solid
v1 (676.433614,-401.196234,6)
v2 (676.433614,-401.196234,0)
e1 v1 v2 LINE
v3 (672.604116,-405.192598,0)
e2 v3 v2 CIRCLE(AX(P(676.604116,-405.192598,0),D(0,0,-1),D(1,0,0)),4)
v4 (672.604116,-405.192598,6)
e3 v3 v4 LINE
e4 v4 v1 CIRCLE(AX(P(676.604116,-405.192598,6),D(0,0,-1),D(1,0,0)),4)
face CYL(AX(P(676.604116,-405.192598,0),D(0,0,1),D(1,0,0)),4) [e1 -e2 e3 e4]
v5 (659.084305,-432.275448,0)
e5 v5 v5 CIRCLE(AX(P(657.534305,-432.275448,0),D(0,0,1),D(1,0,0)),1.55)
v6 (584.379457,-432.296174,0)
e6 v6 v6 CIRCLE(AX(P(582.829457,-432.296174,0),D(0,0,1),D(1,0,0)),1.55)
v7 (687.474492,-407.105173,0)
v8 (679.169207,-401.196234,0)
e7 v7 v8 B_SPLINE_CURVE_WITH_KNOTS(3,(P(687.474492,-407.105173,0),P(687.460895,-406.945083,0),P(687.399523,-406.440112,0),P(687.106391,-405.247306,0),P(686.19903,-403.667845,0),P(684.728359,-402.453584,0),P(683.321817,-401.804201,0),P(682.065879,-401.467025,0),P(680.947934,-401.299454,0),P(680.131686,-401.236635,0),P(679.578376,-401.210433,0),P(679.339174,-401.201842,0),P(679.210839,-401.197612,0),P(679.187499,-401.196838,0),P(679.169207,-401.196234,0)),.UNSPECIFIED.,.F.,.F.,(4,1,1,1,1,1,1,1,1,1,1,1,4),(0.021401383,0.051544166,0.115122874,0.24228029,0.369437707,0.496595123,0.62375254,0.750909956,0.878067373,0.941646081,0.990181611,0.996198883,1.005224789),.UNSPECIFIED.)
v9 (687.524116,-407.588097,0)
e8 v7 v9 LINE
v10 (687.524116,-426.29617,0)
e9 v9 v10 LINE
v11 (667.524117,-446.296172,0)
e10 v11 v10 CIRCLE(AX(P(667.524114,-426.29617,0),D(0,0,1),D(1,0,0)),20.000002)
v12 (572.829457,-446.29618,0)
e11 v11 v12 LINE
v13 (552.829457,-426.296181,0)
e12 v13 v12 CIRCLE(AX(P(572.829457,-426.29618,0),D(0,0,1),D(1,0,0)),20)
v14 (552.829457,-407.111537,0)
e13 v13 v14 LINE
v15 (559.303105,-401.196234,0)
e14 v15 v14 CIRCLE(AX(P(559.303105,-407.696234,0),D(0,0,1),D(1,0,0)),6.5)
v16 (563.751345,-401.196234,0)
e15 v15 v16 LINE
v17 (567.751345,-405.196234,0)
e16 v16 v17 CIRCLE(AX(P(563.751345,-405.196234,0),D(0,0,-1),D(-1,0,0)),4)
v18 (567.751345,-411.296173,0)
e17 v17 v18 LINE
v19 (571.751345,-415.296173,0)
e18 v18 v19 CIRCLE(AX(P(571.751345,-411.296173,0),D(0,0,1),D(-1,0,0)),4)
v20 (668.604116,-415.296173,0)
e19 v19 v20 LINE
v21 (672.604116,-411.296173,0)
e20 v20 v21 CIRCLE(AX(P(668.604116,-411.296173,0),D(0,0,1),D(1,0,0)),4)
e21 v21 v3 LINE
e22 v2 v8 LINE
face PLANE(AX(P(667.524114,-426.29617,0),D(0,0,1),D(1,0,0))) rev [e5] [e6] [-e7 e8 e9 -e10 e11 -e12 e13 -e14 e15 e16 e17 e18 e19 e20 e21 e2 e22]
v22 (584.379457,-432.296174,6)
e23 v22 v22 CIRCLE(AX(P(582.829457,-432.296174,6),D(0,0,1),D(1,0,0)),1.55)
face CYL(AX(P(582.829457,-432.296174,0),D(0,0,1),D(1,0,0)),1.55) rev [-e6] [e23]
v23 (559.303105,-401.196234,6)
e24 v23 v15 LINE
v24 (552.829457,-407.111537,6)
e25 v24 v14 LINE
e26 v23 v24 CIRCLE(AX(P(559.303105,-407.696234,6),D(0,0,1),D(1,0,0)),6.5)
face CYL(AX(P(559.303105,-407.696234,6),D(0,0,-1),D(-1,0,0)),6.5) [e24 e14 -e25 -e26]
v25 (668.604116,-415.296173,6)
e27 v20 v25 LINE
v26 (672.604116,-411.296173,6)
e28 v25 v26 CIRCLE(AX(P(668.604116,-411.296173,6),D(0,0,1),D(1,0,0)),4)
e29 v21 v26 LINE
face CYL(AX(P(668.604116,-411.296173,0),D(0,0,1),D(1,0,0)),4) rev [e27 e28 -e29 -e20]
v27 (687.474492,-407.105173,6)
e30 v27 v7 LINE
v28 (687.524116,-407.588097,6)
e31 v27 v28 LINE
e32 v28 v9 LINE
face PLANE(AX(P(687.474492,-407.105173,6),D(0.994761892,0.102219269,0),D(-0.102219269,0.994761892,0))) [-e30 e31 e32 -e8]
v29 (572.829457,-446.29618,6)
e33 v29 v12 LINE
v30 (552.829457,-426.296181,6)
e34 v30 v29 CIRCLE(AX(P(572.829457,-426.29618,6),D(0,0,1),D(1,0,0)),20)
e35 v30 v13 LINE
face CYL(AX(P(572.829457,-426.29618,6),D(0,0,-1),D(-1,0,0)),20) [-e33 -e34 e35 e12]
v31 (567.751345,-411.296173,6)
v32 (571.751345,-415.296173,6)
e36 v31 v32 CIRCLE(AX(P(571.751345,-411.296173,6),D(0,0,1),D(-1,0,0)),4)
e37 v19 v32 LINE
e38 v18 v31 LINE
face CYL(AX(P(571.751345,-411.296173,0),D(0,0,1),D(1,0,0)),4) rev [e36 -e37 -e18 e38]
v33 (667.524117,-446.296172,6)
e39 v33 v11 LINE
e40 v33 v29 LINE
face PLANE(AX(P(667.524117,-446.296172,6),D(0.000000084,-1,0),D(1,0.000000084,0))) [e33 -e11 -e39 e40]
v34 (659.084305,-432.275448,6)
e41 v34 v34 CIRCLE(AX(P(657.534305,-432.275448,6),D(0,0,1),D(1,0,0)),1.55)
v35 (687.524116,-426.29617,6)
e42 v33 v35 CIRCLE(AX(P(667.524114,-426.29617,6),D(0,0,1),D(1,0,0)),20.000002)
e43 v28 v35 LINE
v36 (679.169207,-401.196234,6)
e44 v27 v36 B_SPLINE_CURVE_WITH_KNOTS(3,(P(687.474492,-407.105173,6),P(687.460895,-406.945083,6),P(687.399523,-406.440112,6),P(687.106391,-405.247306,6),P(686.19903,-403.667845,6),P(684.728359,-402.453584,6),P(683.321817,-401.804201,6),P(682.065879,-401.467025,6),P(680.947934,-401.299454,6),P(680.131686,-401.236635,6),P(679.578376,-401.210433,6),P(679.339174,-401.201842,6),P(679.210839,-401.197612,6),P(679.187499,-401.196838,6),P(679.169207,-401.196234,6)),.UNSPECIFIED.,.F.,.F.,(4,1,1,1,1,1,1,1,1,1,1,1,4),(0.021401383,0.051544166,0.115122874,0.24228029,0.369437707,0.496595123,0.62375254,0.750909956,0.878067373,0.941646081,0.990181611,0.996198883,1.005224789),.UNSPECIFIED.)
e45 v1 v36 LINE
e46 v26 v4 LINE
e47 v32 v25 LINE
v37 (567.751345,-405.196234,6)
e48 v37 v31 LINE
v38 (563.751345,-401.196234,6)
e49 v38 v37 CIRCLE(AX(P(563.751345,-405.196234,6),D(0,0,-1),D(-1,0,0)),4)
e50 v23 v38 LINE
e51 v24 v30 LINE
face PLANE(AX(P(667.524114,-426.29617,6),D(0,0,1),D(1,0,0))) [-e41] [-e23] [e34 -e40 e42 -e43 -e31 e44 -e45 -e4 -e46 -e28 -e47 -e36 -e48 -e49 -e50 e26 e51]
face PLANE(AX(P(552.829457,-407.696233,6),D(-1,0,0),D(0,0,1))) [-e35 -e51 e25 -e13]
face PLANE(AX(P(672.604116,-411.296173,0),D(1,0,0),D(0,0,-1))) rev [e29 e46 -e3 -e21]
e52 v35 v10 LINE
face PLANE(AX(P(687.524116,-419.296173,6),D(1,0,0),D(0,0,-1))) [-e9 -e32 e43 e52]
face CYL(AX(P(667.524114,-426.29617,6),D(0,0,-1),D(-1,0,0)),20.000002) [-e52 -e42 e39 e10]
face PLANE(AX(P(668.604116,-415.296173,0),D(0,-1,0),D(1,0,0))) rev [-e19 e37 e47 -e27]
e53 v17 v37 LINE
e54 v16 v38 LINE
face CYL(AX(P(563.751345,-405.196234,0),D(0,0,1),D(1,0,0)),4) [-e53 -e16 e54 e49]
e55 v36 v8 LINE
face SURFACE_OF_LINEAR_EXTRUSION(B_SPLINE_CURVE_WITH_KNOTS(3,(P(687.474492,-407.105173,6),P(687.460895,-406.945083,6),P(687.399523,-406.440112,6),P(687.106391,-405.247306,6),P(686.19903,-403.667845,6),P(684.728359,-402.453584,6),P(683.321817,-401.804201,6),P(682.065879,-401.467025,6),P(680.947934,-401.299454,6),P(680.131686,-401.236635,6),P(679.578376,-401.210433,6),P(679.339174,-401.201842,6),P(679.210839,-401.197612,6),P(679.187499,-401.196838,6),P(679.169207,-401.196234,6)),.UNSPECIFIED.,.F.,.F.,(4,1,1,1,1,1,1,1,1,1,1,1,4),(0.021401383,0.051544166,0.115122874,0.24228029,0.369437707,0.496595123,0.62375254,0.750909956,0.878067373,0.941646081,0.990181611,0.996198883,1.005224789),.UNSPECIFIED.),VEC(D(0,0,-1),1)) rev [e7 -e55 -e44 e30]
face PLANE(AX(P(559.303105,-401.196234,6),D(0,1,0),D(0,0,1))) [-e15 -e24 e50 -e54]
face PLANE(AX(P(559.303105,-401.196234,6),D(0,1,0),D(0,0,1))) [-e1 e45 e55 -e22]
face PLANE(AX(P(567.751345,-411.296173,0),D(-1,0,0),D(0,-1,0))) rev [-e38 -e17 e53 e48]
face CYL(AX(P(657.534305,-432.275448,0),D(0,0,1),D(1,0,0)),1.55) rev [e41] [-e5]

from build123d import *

# Parameters (mm, degrees)
DODANIE_WYCI_GNI_CIE1_DEPTH = 6
SZKIC5_R                    = 1.55
WYTNIJ_WYCI_GNI_CIE4_DEPTH  = 6
WYTNIJ_WYCI_GNI_CIE3_DEPTH  = 10
WYTNIJ_WYCI_GNI_CIE5_DEPTH  = 6


with BuildPart() as part:
    # Szkic1 → Dodanie-wyciągnięcie1 (new body)
    with BuildSketch(Plane.XY):
        with BuildLine():
            Line((559.30310538, -401.196233577), (679.169206808, -401.196233577))
            add(Edge.make_bspline(
                [(687.47449185, -407.105172623), (687.460895427, -406.945083018), (687.399523084, -406.440112421), (687.106391165, -405.247306424), (686.199030087, -403.66784482), (684.728358654, -402.453584158), (683.321816891, -401.804200876), (682.065878557, -401.467025134), (680.947934354, -401.299453727), (680.131685922, -401.236634896), (679.578376244, -401.210432629), (679.339173948, -401.201842063), (679.210839256, -401.19761192), (679.187499025, -401.196838314), (679.169206808, -401.196233577)],
                knots=[0.021401383, 0.021401383, 0.021401383, 0.021401383, 0.051544166, 0.115122874, 0.24228029, 0.369437707, 0.496595123, 0.62375254, 0.750909956, 0.878067373, 0.941646081, 0.990181611, 0.996198883, 1.005224789, 1.005224789, 1.005224789, 1.005224789], degree=3))
            Line((687.47449185, -407.105172623), (687.524116, -407.588097358))
            Line((687.524116, -407.588097358), (687.524116, -419.296173359))
            Line((687.524116, -419.296173359), (687.524116, -426.296170097))
            ThreePointArc((687.524116, -426.296170097), (681.666251932, -440.438306105), (667.524116585, -446.296171768))
            Line((667.524116585, -446.296171768), (572.829457094, -446.296179681))
            ThreePointArc((572.829457094, -446.296179681), (558.687321683, -440.438316102), (552.829456509, -426.296181352))
            Line((552.829456509, -426.296181352), (552.829456509, -407.696232795))
            Line((552.829456509, -407.696232795), (552.829456509, -407.111536822))
            ThreePointArc((552.829456509, -407.111536822), (554.918503283, -402.897768775), (559.30310538, -401.196233577))
        make_face()
    extrude(amount=DODANIE_WYCI_GNI_CIE1_DEPTH)

    # Szkic5 → Wytnij-wyciągnięcie4 (cut)
    with BuildSketch(Plane.XY.offset(6)):
        with Locations((582.829456509, -432.296173588)):
            Circle(SZKIC5_R)
        with Locations((657.534304884, -432.275447832)):
            Circle(SZKIC5_R)
    extrude(amount=-WYTNIJ_WYCI_GNI_CIE4_DEPTH, mode=Mode.SUBTRACT)

    # Szkic4 → Wytnij-wyciągnięcie3 (cut)
    with BuildSketch(Plane.XY.offset(6)):
        with BuildLine():
            Line((598.90310538, -405.068549386), (592.90310538, -405.068549386))
            ThreePointArc((592.90310538, -405.068549386), (590.428231646, -406.093675652), (589.40310538, -408.568549386))
            Line((589.40310538, -408.568549386), (589.40310538, -409.168549386))
            ThreePointArc((589.40310538, -409.168549386), (590.428231646, -411.64342312), (592.90310538, -412.668549386))
            Line((592.90310538, -412.668549386), (598.90310538, -412.668549386))
            ThreePointArc((598.90310538, -412.668549386), (601.377979114, -411.64342312), (602.40310538, -409.168549386))
            Line((602.40310538, -409.168549386), (602.40310538, -408.568549386))
            ThreePointArc((602.40310538, -408.568549386), (601.377979114, -406.093675652), (598.90310538, -405.068549386))
        make_face()
    extrude(amount=-WYTNIJ_WYCI_GNI_CIE3_DEPTH, mode=Mode.SUBTRACT)

    # Szkic7 → Wytnij-wyciągnięcie5 (cut)
    with BuildSketch(Plane.XY.offset(6)):
        with BuildLine():
            Line((668.604116, -415.296173181), (571.751345179, -415.296173181))
            ThreePointArc((571.751345179, -415.296173181), (568.922918055, -414.124600305), (567.751345179, -411.296173181))
            Line((567.751345179, -411.296173181), (567.751345179, -405.196233577))
            ThreePointArc((567.751345179, -405.196233577), (566.579772304, -402.367806452), (563.751345179, -401.196233577))
            Line((563.751345179, -401.196233577), (676.593615823, -401.192611842))
            ThreePointArc((676.593615823, -401.192611842), (673.771978935, -402.367885748), (672.604116, -405.19259806))
            Line((672.604116, -405.19259806), (672.604116, -411.296173181))
            ThreePointArc((672.604116, -411.296173181), (671.432543125, -414.124600305), (668.604116, -415.296173181))
        make_face()
    extrude(amount=-WYTNIJ_WYCI_GNI_CIE5_DEPTH, mode=Mode.SUBTRACT)


solid = part.part
